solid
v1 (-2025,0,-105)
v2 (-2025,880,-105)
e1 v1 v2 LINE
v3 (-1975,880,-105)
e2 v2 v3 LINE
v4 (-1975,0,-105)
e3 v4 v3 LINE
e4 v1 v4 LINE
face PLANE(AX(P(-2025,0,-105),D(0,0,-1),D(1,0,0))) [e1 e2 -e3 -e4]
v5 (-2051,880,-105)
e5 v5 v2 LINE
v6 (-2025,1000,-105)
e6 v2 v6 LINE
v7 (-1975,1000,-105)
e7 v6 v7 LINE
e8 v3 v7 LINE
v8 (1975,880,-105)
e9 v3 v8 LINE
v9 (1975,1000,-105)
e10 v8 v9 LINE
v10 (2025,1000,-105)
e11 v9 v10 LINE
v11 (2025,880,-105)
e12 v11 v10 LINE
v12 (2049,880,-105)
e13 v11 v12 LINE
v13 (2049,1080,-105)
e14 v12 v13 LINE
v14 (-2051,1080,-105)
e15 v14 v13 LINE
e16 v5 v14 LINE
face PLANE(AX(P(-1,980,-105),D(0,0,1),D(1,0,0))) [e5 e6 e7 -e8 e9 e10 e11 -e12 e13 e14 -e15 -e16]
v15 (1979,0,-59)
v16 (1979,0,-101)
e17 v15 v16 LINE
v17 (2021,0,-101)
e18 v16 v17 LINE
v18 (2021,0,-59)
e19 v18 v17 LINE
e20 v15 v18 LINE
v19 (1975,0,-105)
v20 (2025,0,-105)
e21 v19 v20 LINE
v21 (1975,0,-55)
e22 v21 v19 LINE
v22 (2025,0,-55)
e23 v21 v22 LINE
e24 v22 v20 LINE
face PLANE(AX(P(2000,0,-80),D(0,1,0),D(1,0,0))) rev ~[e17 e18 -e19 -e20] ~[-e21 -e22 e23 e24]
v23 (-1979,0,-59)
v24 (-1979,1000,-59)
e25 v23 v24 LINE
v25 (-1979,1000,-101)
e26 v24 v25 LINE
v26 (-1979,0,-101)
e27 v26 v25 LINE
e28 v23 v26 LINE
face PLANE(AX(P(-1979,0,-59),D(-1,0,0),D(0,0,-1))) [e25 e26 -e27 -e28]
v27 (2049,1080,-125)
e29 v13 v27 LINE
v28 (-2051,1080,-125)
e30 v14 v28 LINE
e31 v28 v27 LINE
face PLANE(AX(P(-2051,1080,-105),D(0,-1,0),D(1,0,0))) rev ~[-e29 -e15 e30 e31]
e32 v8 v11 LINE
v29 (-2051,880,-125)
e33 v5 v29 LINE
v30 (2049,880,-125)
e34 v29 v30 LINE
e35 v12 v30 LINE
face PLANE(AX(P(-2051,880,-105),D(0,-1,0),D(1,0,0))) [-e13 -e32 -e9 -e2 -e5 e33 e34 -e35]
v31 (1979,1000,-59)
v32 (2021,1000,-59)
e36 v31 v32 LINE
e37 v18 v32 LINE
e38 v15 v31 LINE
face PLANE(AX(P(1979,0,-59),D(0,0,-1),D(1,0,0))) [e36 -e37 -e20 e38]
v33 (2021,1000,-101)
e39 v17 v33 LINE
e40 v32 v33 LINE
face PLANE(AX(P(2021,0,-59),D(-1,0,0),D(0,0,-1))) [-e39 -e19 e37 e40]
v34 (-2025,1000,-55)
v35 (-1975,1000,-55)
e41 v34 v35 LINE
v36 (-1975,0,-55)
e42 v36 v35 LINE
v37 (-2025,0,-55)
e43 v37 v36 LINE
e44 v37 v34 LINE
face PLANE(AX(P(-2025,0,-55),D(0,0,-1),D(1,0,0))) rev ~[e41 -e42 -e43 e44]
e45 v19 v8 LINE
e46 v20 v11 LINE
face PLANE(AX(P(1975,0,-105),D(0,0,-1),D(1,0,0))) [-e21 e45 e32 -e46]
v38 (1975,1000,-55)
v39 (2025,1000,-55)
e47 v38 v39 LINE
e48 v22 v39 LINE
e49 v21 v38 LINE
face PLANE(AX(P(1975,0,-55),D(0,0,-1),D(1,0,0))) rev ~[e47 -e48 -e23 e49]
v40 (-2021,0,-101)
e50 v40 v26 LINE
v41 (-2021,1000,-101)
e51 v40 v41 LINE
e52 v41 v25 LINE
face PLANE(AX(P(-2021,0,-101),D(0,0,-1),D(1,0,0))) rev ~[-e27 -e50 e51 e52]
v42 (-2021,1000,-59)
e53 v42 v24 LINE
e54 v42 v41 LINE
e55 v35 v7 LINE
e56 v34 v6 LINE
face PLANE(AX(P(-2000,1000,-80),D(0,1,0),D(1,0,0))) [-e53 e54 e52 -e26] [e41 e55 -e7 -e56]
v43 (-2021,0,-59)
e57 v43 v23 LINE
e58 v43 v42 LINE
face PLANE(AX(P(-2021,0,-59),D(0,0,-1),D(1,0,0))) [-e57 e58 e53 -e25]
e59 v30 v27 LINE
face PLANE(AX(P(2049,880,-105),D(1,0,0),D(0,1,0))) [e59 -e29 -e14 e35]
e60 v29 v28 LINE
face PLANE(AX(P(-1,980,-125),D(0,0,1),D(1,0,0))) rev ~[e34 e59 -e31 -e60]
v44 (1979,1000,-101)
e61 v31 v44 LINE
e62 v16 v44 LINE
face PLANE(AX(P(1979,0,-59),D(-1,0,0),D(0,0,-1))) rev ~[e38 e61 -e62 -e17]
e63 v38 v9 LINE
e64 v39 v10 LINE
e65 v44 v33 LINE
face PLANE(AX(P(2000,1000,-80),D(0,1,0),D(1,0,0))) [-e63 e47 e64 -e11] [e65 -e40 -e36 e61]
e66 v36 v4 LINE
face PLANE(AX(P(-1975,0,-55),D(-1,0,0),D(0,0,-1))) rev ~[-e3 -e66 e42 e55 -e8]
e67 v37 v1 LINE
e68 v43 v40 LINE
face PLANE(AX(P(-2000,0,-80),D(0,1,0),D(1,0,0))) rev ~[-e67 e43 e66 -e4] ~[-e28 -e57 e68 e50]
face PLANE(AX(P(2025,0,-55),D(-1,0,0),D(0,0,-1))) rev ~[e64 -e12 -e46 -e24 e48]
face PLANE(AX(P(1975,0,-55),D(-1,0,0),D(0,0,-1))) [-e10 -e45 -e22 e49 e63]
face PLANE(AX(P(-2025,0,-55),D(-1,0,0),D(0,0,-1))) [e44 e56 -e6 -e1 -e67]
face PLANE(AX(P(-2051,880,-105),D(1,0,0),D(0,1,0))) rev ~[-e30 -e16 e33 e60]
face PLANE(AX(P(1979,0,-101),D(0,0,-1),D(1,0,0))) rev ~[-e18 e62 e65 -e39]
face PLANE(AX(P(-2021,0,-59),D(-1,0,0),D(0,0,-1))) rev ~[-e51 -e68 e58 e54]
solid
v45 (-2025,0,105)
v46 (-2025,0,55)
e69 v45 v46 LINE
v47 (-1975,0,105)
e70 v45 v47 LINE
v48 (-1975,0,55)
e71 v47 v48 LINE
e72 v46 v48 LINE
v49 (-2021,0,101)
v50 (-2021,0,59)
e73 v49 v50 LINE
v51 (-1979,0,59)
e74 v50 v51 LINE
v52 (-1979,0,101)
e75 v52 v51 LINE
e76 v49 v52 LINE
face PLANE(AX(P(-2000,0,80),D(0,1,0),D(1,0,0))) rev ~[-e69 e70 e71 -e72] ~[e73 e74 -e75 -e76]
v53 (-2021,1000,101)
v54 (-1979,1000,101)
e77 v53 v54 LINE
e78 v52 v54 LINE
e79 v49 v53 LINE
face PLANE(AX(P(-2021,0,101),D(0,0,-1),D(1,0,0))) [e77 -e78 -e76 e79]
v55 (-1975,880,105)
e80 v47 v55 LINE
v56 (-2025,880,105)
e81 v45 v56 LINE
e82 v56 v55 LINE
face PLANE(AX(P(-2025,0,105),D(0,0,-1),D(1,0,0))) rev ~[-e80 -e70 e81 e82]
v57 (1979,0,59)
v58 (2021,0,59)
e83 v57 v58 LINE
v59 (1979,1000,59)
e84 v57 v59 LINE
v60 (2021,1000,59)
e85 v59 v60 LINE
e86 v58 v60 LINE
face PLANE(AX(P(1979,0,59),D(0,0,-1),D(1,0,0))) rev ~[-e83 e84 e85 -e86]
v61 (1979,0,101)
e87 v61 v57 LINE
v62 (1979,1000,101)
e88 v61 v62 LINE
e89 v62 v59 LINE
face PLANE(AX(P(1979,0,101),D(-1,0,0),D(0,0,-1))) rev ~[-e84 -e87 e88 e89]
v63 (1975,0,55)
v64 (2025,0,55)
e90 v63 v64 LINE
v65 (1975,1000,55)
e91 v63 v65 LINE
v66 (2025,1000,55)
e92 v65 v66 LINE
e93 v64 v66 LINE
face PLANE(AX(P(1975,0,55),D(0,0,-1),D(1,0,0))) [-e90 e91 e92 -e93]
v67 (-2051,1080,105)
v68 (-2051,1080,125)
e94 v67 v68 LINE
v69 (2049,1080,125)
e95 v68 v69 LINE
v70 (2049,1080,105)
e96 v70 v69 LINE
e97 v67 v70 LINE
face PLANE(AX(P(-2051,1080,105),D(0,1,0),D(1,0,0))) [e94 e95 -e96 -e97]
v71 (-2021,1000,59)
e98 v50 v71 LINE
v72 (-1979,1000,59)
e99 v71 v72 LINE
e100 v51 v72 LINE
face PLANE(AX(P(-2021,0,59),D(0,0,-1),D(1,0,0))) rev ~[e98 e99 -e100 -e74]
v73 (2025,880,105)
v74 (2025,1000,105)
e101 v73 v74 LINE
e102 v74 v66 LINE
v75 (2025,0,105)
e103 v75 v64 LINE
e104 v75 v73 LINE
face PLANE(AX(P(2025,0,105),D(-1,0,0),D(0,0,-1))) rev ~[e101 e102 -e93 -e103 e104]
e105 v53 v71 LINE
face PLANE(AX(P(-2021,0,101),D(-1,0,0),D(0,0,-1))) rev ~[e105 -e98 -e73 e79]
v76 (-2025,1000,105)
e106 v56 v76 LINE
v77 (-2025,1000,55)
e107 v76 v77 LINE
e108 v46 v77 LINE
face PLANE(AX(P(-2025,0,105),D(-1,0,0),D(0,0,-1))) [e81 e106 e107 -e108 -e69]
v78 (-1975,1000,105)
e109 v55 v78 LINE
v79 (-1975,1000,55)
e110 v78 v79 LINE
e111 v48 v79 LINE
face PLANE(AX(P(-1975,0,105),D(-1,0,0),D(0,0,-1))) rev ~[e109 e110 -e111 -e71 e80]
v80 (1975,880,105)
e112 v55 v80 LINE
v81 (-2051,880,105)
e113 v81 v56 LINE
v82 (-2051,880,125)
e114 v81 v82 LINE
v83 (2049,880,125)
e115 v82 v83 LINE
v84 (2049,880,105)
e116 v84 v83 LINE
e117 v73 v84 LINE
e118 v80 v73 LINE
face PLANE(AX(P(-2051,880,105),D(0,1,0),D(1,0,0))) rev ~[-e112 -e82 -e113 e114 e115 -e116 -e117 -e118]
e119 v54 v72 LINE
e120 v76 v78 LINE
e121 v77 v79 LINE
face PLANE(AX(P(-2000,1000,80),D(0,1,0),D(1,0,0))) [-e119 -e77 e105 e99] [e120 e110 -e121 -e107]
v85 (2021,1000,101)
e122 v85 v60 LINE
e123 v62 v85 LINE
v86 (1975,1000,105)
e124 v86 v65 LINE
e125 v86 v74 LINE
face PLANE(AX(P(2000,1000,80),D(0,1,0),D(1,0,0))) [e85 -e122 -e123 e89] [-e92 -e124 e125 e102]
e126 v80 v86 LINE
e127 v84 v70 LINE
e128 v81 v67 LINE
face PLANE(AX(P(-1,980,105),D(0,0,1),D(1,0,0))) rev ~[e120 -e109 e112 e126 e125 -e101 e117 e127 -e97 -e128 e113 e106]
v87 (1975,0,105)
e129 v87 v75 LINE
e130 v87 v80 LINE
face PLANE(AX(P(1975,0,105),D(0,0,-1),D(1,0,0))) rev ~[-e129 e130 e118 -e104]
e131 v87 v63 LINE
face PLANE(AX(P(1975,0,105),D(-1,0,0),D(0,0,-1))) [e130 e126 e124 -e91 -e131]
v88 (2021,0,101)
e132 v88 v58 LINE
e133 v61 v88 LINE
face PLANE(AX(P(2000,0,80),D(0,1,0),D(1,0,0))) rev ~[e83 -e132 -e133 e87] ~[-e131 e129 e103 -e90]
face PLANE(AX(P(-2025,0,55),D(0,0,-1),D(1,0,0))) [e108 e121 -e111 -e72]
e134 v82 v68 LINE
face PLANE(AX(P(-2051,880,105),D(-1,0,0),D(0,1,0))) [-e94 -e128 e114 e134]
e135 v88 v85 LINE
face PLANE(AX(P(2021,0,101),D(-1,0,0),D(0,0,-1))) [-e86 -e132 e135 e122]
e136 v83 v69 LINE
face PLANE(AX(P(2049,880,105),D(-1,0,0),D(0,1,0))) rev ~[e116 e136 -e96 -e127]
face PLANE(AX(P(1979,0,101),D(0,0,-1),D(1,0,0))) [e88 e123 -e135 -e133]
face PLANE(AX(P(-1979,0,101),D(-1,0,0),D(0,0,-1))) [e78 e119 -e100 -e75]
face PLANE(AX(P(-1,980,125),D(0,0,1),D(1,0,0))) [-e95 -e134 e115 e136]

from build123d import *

# Parameters (mm, degrees)
SKIZZE2_W                         = 50
SKIZZE2_H                         = 50
SKIZZE2_W_2                       = 42
SKIZZE2_H_2                       = 42
AUFSATZ_LINEAR_AUSTRAGEN1_DEPTH   = 1000
AUFSATZ_LINEAR_AUSTRAGEN1_2_DEPTH = 1000
AUFSATZ_LINEAR_AUSTRAGEN1_3_DEPTH = 1000
AUFSATZ_LINEAR_AUSTRAGEN1_4_DEPTH = 1000
SKIZZE3_W                         = 4100
SKIZZE3_H                         = 200
AUFSATZ_LINEAR_AUSTRAGEN2_DEPTH   = 20
SKIZZE4_W                         = 4100
SKIZZE4_H                         = 200
AUFSATZ_LINEAR_AUSTRAGEN3_DEPTH   = 20


with BuildPart() as part:
    # Skizze2 → Aufsatz-Linear austragen1 (new body)
    with BuildSketch(Plane(origin=(0, 0, 0), x_dir=(1, 0, 0), z_dir=(0, 1, 0))):
        with Locations((-2000, 80)):
            Rectangle(SKIZZE2_W, SKIZZE2_H)
        with Locations((-2000, 80)):
            Rectangle(SKIZZE2_W_2, SKIZZE2_H_2, mode=Mode.SUBTRACT)
    extrude(amount=AUFSATZ_LINEAR_AUSTRAGEN1_DEPTH)



with BuildPart() as body_2:
    # Skizze2 → Aufsatz-Linear austragen1 2 (new body)
    with BuildSketch(Plane(origin=(0, 0, 0), x_dir=(1, 0, 0), z_dir=(0, 1, 0))):
        with Locations((-2000, -80)):
            Rectangle(SKIZZE2_W, SKIZZE2_H)
        with Locations((-2000, -80)):
            Rectangle(SKIZZE2_W_2, SKIZZE2_H_2, mode=Mode.SUBTRACT)
    extrude(amount=AUFSATZ_LINEAR_AUSTRAGEN1_2_DEPTH)



with BuildPart() as body_3:
    # Skizze2 → Aufsatz-Linear austragen1 3 (new body)
    with BuildSketch(Plane(origin=(0, 0, 0), x_dir=(1, 0, 0), z_dir=(0, 1, 0))):
        with Locations((2000, -80)):
            Rectangle(SKIZZE2_W, SKIZZE2_H)
        with Locations((2000, -80)):
            Rectangle(SKIZZE2_W_2, SKIZZE2_H_2, mode=Mode.SUBTRACT)
    extrude(amount=AUFSATZ_LINEAR_AUSTRAGEN1_3_DEPTH)


with BuildPart() as body_4:
    # Skizze2 → Aufsatz-Linear austragen1 4 (new body)
    with BuildSketch(Plane(origin=(0, 0, 0), x_dir=(1, 0, 0), z_dir=(0, 1, 0))):
        with Locations((2000, 80)):
            Rectangle(SKIZZE2_W, SKIZZE2_H)
        with Locations((2000, 80)):
            Rectangle(SKIZZE2_W_2, SKIZZE2_H_2, mode=Mode.SUBTRACT)
    extrude(amount=AUFSATZ_LINEAR_AUSTRAGEN1_4_DEPTH)


with BuildPart() as body_2_1:
    add(body_2.part)

    add(body_3.part)  # Aufsatz-Linear austragen2 merges body 3
    # Skizze3 → Aufsatz-Linear austragen2 (add)
    with BuildSketch(Plane.XY.offset(105)):
        with Locations((-1, 980)):
            Rectangle(SKIZZE3_W, SKIZZE3_H)
    extrude(amount=AUFSATZ_LINEAR_AUSTRAGEN2_DEPTH)


with BuildPart() as part_1:
    add(part.part)

    add(body_4.part)  # Aufsatz-Linear austragen3 merges body 4
    # Skizze4 → Aufsatz-Linear austragen3 (add)
    with BuildSketch(Plane.XY.offset(-105)):
        with Locations((-1, 980)):
            Rectangle(SKIZZE4_W, SKIZZE4_H)
    extrude(amount=-AUFSATZ_LINEAR_AUSTRAGEN3_DEPTH)


solid = Compound([body_2_1.part, part_1.part])
